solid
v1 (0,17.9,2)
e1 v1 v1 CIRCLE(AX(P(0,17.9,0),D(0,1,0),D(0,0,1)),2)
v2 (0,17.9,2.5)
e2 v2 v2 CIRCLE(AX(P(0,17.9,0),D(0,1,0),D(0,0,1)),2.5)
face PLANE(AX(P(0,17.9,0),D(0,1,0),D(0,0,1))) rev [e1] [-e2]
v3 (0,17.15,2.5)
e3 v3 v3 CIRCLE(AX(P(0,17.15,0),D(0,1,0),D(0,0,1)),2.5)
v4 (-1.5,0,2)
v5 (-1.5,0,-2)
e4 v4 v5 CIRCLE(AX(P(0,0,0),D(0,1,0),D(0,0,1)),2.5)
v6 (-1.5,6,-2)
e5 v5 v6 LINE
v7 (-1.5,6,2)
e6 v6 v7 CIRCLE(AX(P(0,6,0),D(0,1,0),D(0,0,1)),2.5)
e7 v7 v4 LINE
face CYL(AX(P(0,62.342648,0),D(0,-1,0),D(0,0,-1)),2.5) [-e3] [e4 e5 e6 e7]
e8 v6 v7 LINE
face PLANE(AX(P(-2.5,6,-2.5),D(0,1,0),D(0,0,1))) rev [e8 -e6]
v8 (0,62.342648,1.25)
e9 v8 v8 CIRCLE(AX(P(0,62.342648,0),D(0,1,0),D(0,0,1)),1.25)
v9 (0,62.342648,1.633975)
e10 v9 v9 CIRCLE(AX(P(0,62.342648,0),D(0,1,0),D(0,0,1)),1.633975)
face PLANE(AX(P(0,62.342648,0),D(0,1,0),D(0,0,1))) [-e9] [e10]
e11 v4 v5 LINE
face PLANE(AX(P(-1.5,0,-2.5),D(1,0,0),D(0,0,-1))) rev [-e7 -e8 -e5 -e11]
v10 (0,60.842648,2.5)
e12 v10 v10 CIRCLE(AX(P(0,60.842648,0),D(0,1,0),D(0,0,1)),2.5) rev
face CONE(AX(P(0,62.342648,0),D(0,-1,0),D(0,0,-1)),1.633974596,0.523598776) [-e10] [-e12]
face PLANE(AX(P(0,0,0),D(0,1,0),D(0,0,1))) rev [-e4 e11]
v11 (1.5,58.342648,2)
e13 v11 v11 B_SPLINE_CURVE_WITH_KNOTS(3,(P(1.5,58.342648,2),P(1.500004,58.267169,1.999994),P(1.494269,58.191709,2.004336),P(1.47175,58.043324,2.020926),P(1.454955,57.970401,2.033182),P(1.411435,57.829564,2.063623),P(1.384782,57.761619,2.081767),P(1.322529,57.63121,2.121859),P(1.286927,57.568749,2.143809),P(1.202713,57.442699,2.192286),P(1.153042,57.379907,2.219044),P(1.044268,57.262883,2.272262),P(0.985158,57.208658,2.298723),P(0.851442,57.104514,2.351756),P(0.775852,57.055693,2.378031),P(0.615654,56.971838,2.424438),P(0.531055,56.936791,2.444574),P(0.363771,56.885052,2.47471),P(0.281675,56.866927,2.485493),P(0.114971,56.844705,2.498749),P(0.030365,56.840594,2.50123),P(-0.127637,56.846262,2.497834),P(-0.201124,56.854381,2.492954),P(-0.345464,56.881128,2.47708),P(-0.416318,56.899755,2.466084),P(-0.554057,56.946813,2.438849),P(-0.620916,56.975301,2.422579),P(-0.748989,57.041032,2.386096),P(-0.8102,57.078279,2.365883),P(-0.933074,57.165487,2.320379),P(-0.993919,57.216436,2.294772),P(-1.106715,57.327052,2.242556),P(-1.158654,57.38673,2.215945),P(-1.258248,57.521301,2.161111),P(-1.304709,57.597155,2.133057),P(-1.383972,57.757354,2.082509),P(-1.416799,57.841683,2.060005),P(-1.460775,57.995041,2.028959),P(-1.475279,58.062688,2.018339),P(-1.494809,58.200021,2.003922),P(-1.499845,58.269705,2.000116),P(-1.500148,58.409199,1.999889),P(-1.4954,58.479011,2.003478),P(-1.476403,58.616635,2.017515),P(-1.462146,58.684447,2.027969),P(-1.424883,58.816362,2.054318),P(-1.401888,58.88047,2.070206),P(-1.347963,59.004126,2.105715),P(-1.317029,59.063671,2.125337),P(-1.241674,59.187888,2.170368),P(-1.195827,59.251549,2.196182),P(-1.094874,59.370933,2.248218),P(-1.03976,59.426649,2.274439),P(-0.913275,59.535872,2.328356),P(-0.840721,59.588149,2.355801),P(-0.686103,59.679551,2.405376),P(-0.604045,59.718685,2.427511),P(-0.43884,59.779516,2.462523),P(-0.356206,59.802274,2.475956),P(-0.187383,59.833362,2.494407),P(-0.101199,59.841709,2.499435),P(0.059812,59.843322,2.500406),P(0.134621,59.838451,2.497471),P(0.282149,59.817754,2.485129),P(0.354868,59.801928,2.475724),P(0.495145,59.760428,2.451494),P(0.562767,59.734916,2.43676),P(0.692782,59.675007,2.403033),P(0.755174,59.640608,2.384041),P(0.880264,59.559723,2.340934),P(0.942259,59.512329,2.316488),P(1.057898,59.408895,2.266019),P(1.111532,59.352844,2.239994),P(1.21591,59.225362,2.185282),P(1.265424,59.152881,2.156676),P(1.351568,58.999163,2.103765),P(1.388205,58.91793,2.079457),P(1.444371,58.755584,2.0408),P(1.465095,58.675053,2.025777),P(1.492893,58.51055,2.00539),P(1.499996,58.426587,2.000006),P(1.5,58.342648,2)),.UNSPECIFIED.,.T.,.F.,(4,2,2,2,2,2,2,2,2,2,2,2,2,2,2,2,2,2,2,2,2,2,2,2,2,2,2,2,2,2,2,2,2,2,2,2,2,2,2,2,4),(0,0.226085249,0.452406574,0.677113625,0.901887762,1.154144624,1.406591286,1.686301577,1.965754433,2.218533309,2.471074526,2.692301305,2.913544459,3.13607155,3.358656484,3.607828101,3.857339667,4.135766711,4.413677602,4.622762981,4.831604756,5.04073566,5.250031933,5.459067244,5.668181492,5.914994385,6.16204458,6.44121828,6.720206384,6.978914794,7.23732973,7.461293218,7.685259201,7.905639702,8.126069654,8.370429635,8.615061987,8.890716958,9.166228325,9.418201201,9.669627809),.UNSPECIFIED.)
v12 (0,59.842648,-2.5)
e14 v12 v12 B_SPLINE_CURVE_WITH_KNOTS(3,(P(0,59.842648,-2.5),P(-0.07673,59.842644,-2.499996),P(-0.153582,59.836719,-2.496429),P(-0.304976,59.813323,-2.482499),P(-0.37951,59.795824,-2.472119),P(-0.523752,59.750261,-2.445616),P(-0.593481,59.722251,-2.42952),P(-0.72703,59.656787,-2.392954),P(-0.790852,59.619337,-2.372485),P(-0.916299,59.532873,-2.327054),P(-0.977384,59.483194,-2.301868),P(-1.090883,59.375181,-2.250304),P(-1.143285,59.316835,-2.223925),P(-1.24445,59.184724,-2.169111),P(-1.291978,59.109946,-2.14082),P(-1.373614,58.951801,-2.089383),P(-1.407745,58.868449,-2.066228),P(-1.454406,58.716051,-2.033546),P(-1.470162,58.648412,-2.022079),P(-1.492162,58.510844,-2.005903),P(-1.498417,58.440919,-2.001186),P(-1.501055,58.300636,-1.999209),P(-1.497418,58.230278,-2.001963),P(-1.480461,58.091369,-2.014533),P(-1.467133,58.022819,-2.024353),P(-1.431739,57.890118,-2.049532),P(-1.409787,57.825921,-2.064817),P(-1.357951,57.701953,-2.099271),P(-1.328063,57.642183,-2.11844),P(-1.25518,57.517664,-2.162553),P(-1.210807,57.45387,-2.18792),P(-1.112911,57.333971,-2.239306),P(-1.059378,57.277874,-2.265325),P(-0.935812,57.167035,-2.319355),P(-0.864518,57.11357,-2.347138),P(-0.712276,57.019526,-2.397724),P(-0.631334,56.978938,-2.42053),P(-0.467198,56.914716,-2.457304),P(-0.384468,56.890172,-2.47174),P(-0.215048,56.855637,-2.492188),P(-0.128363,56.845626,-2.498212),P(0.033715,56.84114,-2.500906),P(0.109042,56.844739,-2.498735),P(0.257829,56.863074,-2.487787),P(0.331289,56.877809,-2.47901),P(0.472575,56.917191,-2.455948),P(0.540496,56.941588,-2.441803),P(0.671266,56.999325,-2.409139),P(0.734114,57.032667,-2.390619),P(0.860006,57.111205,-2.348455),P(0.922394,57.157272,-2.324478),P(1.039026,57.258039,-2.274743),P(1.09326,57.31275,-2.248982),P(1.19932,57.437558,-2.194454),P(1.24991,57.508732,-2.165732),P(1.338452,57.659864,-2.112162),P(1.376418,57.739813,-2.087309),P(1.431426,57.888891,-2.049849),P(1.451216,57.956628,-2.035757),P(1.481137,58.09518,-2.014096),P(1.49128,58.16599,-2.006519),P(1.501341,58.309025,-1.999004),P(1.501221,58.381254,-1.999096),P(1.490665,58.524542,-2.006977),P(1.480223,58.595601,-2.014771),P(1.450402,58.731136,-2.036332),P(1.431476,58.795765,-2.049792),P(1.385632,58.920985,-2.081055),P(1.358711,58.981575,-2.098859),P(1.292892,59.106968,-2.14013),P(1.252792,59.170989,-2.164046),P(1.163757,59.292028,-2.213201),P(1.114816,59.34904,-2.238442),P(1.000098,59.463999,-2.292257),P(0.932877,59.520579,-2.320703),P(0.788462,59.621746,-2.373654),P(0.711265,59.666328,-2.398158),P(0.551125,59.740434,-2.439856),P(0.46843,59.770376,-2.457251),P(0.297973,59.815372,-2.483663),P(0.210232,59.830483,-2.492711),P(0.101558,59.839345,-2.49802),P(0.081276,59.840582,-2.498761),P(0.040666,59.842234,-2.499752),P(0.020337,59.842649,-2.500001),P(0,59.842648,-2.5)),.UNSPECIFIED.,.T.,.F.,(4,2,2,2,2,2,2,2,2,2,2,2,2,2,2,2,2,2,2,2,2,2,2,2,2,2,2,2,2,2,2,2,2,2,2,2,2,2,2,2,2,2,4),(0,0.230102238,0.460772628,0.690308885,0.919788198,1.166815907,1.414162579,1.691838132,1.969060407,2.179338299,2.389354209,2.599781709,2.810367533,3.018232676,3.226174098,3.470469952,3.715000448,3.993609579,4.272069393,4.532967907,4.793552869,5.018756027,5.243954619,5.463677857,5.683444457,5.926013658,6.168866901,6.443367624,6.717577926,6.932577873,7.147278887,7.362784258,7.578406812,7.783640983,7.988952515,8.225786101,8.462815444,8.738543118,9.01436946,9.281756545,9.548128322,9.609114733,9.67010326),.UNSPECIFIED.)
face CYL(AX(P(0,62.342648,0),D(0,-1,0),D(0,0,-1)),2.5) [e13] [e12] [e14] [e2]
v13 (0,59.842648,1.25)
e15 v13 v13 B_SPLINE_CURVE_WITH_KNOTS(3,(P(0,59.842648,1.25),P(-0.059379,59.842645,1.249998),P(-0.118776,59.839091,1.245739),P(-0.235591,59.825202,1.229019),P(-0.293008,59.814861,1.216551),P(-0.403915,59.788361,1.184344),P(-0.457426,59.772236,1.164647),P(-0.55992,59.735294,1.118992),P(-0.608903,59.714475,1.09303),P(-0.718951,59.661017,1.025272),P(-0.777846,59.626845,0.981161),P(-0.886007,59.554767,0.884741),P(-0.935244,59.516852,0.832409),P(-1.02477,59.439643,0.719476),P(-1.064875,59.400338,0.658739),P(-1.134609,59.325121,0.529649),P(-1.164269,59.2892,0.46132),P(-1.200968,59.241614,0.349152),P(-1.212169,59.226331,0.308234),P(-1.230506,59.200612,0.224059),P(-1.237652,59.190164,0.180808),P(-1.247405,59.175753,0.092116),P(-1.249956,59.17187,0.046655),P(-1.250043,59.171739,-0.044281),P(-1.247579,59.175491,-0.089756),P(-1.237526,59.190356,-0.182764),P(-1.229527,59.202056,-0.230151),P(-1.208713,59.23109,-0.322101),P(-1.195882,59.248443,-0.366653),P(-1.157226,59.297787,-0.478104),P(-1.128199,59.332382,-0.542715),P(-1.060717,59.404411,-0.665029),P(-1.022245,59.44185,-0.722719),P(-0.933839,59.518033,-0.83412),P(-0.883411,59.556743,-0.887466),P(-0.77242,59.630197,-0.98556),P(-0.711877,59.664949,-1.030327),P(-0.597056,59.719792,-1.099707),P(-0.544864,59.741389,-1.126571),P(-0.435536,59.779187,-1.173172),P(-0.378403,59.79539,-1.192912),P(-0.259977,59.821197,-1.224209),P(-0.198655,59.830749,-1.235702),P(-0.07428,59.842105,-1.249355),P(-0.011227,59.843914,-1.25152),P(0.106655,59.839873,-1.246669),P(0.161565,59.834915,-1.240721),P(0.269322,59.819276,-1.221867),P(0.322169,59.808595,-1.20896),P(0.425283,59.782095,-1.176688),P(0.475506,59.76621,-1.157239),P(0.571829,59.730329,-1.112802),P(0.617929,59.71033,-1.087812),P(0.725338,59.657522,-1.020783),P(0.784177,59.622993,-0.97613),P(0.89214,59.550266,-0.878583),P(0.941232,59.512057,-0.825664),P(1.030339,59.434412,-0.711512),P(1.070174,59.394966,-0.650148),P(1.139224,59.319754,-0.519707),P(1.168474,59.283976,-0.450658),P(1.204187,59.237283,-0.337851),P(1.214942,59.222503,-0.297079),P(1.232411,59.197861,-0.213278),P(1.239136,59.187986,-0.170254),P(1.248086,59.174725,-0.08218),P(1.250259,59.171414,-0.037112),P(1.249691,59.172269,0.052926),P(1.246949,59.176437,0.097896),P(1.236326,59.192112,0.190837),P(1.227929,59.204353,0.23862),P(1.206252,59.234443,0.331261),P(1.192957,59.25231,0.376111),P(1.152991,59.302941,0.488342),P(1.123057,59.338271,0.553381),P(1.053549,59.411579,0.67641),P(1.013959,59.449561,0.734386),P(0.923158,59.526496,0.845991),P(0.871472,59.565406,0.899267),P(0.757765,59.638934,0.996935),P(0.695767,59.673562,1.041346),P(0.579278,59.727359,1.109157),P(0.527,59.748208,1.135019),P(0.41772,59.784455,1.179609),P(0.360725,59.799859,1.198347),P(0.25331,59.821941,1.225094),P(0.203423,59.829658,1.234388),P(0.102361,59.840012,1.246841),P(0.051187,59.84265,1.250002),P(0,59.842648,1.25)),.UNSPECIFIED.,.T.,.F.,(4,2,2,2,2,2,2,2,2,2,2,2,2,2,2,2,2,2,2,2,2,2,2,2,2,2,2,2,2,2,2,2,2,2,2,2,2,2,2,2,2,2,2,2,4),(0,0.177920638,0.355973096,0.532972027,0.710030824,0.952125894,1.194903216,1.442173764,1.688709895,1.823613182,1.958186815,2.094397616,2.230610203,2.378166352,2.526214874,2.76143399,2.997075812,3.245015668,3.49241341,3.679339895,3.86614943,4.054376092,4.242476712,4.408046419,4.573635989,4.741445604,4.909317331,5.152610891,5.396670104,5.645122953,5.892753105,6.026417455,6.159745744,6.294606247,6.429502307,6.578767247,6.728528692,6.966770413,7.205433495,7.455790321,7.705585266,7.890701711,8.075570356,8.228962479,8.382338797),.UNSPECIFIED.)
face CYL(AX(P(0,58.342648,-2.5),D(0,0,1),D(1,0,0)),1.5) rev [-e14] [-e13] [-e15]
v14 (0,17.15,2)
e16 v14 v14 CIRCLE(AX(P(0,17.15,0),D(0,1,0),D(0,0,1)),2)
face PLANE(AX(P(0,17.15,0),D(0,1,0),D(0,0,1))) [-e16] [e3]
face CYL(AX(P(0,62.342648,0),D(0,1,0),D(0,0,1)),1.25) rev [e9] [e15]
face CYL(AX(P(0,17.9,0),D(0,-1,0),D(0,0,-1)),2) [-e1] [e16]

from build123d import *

# Parameters (mm, degrees)
SKETCH3_R                 = 2.5
BOSS_EXTRUDE1_DEPTH       = 62.34264779
CHAMFER1_SIZE             = 1.5
CHAMFER1_SIZE2            = 0.866025404
M3X0_5_TAPPED_HOLE1_D     = 2.5
M3X0_5_TAPPED_HOLE1_DEPTH = 4
M3X0_5_TAPPED_HOLE1_TIP   = 0.751075774
SKETCH7_R                 = 1.5
CUT_EXTRUDE1_DEPTH        = 3.5
CUT_EXTRUDE1_DEPTH_BACK   = 3.5
SKETCH8_W                 = 1
SKETCH8_H                 = 6
CUT_EXTRUDE2_DEPTH        = 3.5000001
CUT_EXTRUDE2_DEPTH_BACK   = 3.5000001
SKETCH9_R                 = 3
SKETCH9_R_2               = 2
CUT_EXTRUDE3_DEPTH        = 0.75


with BuildPart() as part:
    # Sketch3 → Boss-Extrude1 (new body)
    with BuildSketch(Plane(origin=(0, 0, 0), x_dir=(1, 0, 0), z_dir=(0, 1, 0))):
        Circle(SKETCH3_R)
    extrude(amount=BOSS_EXTRUDE1_DEPTH)

    # Chamfer1
    chamfer1_edges = [part.edges().sort_by_distance(p)[0] for p in [
        (-2.5, 62.34264779, 0),
    ]]
    chamfer1_side = [part.faces().sort_by_distance(p)[0] for p in [
        (-2.5, 31.171323895, 0),
    ]]
    chamfer(chamfer1_edges, length=CHAMFER1_SIZE, length2=CHAMFER1_SIZE2, reference=chamfer1_side[0])

    # M3x0.5 Tapped Hole1
    with Locations(Plane(origin=(0, 62.34264779, 0), x_dir=(1, 0, 0), z_dir=(0, 1, 0))):
        with Locations((0, 0)):
            Hole(M3X0_5_TAPPED_HOLE1_D / 2, depth=M3X0_5_TAPPED_HOLE1_DEPTH)
            with Locations((0, 0, -(M3X0_5_TAPPED_HOLE1_DEPTH + M3X0_5_TAPPED_HOLE1_TIP / 2))):  # 118° drill point
                Cone(0, M3X0_5_TAPPED_HOLE1_D / 2, M3X0_5_TAPPED_HOLE1_TIP, mode=Mode.SUBTRACT)

    # Sketch7 → Cut-Extrude1 (cut, two sides)
    with BuildSketch(Plane.XY) as cut_extrude1_sk:
        with Locations((0, 58.34264779)):
            Circle(SKETCH7_R)
    extrude(amount=CUT_EXTRUDE1_DEPTH, mode=Mode.SUBTRACT)
    extrude(cut_extrude1_sk.sketch, amount=-CUT_EXTRUDE1_DEPTH_BACK, mode=Mode.SUBTRACT)

    # Sketch8 → Cut-Extrude2 (cut, two sides)
    with BuildSketch(Plane.XY) as cut_extrude2_sk:
        with Locations((-2, 3)):
            Rectangle(SKETCH8_W, SKETCH8_H)
    extrude(amount=CUT_EXTRUDE2_DEPTH, mode=Mode.SUBTRACT)
    extrude(cut_extrude2_sk.sketch, amount=-CUT_EXTRUDE2_DEPTH_BACK, mode=Mode.SUBTRACT)

    # Sketch9 → Cut-Extrude3 (cut)
    with BuildSketch(Plane(origin=(0, 17.15, 0), x_dir=(1, 0, 0), z_dir=(0, 1, 0))):
        Circle(SKETCH9_R)
        Circle(SKETCH9_R_2, mode=Mode.SUBTRACT)
    extrude(amount=CUT_EXTRUDE3_DEPTH, mode=Mode.SUBTRACT)


solid = part.part
